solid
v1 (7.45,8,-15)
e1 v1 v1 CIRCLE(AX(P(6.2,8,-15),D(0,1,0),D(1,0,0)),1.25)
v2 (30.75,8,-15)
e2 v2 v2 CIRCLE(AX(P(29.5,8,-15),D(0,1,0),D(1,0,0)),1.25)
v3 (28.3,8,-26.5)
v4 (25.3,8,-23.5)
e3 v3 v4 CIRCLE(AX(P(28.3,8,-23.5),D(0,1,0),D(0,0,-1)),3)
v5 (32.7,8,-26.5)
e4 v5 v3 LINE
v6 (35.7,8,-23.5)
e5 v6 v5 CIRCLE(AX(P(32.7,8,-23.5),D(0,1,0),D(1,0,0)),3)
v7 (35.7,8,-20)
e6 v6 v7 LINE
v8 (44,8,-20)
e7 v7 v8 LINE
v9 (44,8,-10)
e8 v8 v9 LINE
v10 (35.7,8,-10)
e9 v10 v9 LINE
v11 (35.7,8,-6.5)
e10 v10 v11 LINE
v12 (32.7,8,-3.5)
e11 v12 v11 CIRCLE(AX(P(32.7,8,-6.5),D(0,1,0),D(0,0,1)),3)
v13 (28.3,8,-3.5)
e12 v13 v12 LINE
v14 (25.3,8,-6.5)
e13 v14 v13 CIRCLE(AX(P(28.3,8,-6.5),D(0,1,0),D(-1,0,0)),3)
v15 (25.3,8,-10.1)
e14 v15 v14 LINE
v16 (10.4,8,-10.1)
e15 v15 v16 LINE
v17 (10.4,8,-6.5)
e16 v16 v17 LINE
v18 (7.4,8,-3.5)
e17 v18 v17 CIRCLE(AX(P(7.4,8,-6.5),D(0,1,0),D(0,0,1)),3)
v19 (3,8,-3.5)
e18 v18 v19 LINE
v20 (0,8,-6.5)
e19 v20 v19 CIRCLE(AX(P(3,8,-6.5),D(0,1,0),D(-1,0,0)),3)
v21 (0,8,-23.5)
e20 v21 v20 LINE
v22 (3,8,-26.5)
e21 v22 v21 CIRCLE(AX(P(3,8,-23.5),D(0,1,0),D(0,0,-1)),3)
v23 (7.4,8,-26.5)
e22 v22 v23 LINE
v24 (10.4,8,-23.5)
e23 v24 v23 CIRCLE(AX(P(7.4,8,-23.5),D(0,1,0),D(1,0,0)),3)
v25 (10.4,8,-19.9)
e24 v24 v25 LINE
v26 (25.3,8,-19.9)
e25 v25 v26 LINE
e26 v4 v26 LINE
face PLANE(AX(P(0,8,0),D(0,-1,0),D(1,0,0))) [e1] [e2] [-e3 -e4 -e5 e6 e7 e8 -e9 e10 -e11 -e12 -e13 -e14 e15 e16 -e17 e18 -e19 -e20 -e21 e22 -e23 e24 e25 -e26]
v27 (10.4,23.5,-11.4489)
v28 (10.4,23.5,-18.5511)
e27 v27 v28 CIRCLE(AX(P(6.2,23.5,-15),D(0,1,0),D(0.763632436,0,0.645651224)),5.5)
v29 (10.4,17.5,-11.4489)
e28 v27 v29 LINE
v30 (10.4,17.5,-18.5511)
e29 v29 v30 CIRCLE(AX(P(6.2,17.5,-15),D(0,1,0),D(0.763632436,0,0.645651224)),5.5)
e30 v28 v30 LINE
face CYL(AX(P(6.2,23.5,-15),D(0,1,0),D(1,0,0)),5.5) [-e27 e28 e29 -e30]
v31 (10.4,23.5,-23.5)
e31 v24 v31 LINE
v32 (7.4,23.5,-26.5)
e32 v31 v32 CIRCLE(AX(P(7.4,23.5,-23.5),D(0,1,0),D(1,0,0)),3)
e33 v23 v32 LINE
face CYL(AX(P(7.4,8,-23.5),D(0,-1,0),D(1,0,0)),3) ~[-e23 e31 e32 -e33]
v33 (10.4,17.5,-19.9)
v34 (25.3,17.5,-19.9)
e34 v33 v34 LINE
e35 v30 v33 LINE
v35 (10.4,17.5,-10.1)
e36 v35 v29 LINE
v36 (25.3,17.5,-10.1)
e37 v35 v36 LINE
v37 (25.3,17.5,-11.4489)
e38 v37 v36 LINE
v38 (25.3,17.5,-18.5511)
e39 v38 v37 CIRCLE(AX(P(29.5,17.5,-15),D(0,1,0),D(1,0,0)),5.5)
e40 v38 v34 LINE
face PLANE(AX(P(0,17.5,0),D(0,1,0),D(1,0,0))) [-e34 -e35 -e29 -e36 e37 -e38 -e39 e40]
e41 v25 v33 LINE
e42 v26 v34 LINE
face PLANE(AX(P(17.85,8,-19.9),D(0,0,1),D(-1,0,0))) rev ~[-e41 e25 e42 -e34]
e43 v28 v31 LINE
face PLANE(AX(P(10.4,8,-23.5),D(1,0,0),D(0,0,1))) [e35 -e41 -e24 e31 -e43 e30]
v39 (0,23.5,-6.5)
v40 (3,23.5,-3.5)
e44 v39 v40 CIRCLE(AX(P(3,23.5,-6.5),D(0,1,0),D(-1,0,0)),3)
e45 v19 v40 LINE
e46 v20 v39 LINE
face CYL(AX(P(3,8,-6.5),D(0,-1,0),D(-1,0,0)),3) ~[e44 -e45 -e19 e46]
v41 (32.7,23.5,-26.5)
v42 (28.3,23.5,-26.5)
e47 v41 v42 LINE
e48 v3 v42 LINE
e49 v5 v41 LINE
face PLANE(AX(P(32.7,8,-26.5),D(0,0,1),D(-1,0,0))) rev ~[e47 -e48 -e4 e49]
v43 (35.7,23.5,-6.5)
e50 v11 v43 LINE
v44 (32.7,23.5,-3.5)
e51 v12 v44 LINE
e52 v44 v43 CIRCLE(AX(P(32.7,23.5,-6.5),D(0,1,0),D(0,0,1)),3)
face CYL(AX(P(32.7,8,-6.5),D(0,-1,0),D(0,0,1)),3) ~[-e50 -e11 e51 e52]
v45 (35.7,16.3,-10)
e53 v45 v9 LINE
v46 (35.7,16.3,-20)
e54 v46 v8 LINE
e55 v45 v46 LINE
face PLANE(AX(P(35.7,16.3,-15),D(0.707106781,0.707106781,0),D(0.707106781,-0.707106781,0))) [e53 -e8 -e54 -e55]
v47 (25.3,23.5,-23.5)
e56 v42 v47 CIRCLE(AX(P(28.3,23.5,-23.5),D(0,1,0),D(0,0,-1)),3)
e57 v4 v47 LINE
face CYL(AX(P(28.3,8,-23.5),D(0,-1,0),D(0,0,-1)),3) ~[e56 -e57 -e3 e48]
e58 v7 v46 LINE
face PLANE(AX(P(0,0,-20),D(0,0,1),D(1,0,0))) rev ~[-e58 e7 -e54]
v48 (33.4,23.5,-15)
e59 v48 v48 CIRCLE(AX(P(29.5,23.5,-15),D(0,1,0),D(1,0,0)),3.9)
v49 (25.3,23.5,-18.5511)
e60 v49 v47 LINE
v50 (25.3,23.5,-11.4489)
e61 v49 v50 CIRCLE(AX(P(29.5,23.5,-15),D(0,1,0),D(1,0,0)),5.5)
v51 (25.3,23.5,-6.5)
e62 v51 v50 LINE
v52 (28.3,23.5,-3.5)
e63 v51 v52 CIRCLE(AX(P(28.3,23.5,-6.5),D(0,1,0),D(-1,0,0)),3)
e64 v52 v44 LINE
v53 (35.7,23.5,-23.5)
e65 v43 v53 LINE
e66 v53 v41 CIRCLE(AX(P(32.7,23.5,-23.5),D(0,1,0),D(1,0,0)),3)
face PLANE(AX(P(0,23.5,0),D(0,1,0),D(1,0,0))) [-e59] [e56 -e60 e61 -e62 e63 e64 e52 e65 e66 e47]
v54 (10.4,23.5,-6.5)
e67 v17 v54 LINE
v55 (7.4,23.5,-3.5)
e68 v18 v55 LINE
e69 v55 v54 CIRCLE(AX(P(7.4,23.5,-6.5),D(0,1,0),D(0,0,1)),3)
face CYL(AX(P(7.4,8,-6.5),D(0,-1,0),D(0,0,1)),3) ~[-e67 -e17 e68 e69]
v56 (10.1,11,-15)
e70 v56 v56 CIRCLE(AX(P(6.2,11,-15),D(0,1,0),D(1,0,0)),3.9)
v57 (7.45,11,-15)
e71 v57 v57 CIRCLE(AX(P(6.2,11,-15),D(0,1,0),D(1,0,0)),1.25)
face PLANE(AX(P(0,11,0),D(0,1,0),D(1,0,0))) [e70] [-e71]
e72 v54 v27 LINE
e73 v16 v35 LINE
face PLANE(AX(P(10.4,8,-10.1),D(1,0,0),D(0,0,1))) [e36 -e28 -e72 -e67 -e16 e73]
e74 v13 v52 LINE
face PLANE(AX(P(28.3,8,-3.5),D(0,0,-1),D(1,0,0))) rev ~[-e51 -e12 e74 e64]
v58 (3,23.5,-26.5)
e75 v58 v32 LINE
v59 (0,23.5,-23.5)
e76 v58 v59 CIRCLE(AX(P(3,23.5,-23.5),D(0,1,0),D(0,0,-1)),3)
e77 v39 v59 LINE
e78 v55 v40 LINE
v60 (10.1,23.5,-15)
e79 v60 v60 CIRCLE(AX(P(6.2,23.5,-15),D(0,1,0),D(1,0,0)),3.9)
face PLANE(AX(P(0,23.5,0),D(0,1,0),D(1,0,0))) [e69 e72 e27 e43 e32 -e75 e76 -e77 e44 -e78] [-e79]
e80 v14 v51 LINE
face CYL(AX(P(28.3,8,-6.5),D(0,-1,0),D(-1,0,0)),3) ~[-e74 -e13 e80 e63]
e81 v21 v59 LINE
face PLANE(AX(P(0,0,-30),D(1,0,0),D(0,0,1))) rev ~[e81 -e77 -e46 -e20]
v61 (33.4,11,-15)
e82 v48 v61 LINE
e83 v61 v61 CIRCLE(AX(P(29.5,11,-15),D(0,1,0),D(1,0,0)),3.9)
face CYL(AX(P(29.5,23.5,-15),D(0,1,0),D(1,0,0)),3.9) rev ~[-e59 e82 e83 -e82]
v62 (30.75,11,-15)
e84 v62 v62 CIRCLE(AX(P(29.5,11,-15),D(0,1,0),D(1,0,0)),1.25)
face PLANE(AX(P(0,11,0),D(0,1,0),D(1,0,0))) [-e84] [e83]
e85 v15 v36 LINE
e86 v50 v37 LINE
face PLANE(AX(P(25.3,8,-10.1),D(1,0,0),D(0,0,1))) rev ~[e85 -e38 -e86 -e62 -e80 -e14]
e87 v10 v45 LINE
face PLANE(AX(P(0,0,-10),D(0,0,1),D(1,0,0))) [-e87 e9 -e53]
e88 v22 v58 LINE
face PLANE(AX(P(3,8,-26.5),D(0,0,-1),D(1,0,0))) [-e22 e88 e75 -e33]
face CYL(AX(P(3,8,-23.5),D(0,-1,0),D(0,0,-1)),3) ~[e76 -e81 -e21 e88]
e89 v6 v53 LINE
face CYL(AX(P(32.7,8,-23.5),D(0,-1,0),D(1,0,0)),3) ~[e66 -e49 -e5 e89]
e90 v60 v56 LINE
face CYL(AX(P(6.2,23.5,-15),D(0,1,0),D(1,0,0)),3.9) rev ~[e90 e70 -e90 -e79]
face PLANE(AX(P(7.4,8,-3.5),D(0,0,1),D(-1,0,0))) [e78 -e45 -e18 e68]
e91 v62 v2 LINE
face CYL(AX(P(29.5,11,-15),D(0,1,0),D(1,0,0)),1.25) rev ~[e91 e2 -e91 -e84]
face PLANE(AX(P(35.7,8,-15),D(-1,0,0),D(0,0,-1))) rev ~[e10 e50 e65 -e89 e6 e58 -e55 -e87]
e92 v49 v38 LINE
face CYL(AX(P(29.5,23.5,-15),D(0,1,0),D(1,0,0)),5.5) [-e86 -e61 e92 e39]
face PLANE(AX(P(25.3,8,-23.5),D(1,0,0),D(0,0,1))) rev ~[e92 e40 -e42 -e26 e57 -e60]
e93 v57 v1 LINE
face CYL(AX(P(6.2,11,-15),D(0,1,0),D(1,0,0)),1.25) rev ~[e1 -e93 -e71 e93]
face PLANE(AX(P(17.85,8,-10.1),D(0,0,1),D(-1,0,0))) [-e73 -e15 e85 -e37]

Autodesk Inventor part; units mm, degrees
ref_plane "YZ Plane" through (0, 0, 0) normal (1, 0, 0) x (0, 1, 0)
ref_plane "XZ Plane" through (0, 0, 0) normal (0, 1, 0) x (-1, 0, 0)
sketch "Boceto1" plane through (0, 0, 0) normal (0, 1, 0) x (-1, 0, 0)
  line L0 (0, 0) -> (-44, 0)
  line L1 (-44, 0) -> (-44, -30)
  line L2 (-44, -30) -> (0, -30)
  line L3 (0, -30) -> (0, 0)
  dimension "d0" = 30
  dimension "d1" = 44
extrude "Extrusión1" add sketch "Boceto1" along normal blind 8
sketch "Boceto2" plane through (0, 8, 0) normal (0, 1, 0) x (1, 0, 0)
  line L0 (-5.2329, 15) -> (48.4559, 15)
  line L1 (3, 26.5) -> (7.4, 26.5)
  line L2 (10.4, 23.5) -> (10.4, 6.5)
  line L3 (7.4, 3.5) -> (3, 3.5)
  line L4 (0, 6.5) -> (0, 15)
  line L5 (0, 30) -> (0, 0) projected
  line L6 (0, 15) -> (0, 23.5)
  arc A0 (0, 6.5) -> (3, 3.5) centre (3, 6.5) ccw
  arc A1 (3, 26.5) -> (0, 23.5) centre (3, 23.5) ccw
  arc A2 (10.4, 23.5) -> (7.4, 26.5) centre (7.4, 23.5) ccw
  arc A3 (7.4, 3.5) -> (10.4, 6.5) centre (7.4, 6.5) ccw
  line L7 (10.4, 15) -> (25.3, 15)
  line L8 (25.3, 15) -> (25.3, 19.9)
  line L9 (25.3, 19.9) -> (10.4, 19.9)
  line L10 (10.4, 19.9) -> (10.4, 15)
  line L11 (10.4, 15) -> (25.3, 15)
  line L12 (25.3, 15) -> (25.3, 10.1)
  line L13 (25.3, 10.1) -> (10.4, 10.1)
  line L14 (10.4, 10.1) -> (10.4, 15)
  line L15 (17.85, -3.2018) -> (17.85, 35.6428)
  line L16 (32.7, 26.5) -> (28.3, 26.5)
  line L17 (25.3, 23.5) -> (25.3, 6.5)
  line L18 (28.3, 3.5) -> (32.7, 3.5)
  line L19 (35.7, 6.5) -> (35.7, 15)
  line L20 (35.7, 15) -> (35.7, 23.5)
  arc A4 (32.7, 3.5) -> (35.7, 6.5) centre (32.7, 6.5) ccw
  arc A5 (35.7, 23.5) -> (32.7, 26.5) centre (32.7, 23.5) ccw
  arc A6 (28.3, 26.5) -> (25.3, 23.5) centre (28.3, 23.5) ccw
  arc A7 (25.3, 6.5) -> (28.3, 3.5) centre (28.3, 6.5) ccw
  line L21 (25.3, 19.9) -> (25.3, 15)
  line L22 (25.3, 10.1) -> (25.3, 15)
  point P0 (0, 26.5)
  point P1 (10.4, 26.5)
  point P2 (0, 3.5)
  point P3 (40.9329, 15)
  point P4 (35.7, 26.5)
  point P5 (25.3, 26.5)
  point P6 (35.7, 3.5)
  dimension "d5" = 11.5
  dimension "d6" = 11.5
  dimension "d7" = 10.4
  dimension "d8" = 3
  dimension "d9" = 14.9
  dimension "d10" = 4.9
  dimension "d11" = 4.9
  dimension "d12" = 9.8
  dimension "d13" = 35.7
extrude "Extrusión2" add sketch "Boceto2" along normal blind 15.5
sketch "Boceto3" plane through (0, 23.5, 0) normal (0, 1, 0) x (1, 0, 0)
  circle A0 centre (6.2, 15) radius 5.5
  circle A1 centre (29.5, 15) radius 5.5
  line L0 (0, 23.5) -> (0, 6.5) projected
  line L1 (35.7, 6.5) -> (35.7, 23.5) projected
  line L2 (10.4, 10.1) -> (10.4, 6.5) projected
  line L3 (10.4, 10.1) -> (10.4, 11.4489)
  line L4 (10.4, 19.9) -> (25.3, 19.9) projected
  line L5 (10.4, 18.5511) -> (10.4, 19.9)
  line L6 (10.4, 10.1) -> (25.3, 10.1) projected
  line L7 (25.3, 11.4489) -> (25.3, 10.1)
  line L8 (25.3, 18.5511) -> (25.3, 19.9)
  line L9 (25.3, 19.9) -> (10.4, 19.9)
  point P0 (0, 0)
  dimension "d16" = 6.2
  dimension "d17" = 6.2
  dimension "d18" = 11
  dimension "d19" = 11
  dimension "d26" = 23.3
extrude "Extrusión3" cut sketch "Boceto3" against normal blind 6 contours A0 L5 L4 L8 A1 L7 L6 L3
sketch "Boceto4" plane through (0, 23.5, 0) normal (0, 1, 0) x (1, 0, 0)
  arc A0 (10.4, 11.4489) -> (10.4, 18.5511) centre (6.2, 15) ccw projected
  circle A1 centre (6.2, 15) radius 3.9
  arc A2 (25.3, 18.5511) -> (25.3, 11.4489) centre (29.5, 15) ccw projected
  circle A3 centre (29.5, 15) radius 3.9
  point P0 (0, 0)
  dimension "d22" = 7.8
  dimension "d23" = 7.8
extrude "Extrusión4" cut sketch "Boceto4" against normal blind 12.5
sketch "Boceto5" plane through (6.2, 11, -15) normal (0, 1, 0) x (1, 0, 0)
  circle A0 centre (0, 0) radius 3.9 projected
  circle A1 centre (0, 0) radius 1.25
  circle A2 centre (23.3, 0) radius 3.9 projected
  circle A3 centre (23.3, 0) radius 1.25
  point P0 (-6.2, -15)
  dimension "d27" = 2.5
  dimension "d28" = 2.5
extrude "Extrusión5" cut sketch "Boceto5" against normal blind 8 contours A1 | A3
ref_plane "Plano de trabajo1" through (0, 0, -15) normal (0, 0, 1) x (1, 0, 0)
sketch "Boceto6" plane through (0, 0, -15) normal (0, 0, 1) x (1, 0, 0)
  line L0 (0, 8) -> (44, 8) projected
  line L1 (35.7, 8) -> (35.7, 23.5) projected
  line L2 (44, 8) -> (35.7, 8)
  line L3 (35.7, 8) -> (35.7, 16.3)
  line L4 (35.7, 16.3) -> (44, 8)
  point P0 (0, 0)
  dimension "d32" = 8.3
extrude "Extrusión6" add sketch "Boceto6" along normal mid plane 10
sketch "Boceto7" plane through (0, 0, 0) normal (0, -1, 0) x (1, 0, 0)
  line L0 (44, 0) -> (44, -30) projected
  line L1 (0, 0) -> (44, 0)
  line L2 (44, 0) -> (44, -30)
  line L3 (44, -30) -> (0, -30)
  line L4 (0, -30) -> (0, 0)
extrude "Extrusión7" cut sketch "Boceto7" against normal blind 8
properties part number "Primer inserto" material "Plastico PETG"
